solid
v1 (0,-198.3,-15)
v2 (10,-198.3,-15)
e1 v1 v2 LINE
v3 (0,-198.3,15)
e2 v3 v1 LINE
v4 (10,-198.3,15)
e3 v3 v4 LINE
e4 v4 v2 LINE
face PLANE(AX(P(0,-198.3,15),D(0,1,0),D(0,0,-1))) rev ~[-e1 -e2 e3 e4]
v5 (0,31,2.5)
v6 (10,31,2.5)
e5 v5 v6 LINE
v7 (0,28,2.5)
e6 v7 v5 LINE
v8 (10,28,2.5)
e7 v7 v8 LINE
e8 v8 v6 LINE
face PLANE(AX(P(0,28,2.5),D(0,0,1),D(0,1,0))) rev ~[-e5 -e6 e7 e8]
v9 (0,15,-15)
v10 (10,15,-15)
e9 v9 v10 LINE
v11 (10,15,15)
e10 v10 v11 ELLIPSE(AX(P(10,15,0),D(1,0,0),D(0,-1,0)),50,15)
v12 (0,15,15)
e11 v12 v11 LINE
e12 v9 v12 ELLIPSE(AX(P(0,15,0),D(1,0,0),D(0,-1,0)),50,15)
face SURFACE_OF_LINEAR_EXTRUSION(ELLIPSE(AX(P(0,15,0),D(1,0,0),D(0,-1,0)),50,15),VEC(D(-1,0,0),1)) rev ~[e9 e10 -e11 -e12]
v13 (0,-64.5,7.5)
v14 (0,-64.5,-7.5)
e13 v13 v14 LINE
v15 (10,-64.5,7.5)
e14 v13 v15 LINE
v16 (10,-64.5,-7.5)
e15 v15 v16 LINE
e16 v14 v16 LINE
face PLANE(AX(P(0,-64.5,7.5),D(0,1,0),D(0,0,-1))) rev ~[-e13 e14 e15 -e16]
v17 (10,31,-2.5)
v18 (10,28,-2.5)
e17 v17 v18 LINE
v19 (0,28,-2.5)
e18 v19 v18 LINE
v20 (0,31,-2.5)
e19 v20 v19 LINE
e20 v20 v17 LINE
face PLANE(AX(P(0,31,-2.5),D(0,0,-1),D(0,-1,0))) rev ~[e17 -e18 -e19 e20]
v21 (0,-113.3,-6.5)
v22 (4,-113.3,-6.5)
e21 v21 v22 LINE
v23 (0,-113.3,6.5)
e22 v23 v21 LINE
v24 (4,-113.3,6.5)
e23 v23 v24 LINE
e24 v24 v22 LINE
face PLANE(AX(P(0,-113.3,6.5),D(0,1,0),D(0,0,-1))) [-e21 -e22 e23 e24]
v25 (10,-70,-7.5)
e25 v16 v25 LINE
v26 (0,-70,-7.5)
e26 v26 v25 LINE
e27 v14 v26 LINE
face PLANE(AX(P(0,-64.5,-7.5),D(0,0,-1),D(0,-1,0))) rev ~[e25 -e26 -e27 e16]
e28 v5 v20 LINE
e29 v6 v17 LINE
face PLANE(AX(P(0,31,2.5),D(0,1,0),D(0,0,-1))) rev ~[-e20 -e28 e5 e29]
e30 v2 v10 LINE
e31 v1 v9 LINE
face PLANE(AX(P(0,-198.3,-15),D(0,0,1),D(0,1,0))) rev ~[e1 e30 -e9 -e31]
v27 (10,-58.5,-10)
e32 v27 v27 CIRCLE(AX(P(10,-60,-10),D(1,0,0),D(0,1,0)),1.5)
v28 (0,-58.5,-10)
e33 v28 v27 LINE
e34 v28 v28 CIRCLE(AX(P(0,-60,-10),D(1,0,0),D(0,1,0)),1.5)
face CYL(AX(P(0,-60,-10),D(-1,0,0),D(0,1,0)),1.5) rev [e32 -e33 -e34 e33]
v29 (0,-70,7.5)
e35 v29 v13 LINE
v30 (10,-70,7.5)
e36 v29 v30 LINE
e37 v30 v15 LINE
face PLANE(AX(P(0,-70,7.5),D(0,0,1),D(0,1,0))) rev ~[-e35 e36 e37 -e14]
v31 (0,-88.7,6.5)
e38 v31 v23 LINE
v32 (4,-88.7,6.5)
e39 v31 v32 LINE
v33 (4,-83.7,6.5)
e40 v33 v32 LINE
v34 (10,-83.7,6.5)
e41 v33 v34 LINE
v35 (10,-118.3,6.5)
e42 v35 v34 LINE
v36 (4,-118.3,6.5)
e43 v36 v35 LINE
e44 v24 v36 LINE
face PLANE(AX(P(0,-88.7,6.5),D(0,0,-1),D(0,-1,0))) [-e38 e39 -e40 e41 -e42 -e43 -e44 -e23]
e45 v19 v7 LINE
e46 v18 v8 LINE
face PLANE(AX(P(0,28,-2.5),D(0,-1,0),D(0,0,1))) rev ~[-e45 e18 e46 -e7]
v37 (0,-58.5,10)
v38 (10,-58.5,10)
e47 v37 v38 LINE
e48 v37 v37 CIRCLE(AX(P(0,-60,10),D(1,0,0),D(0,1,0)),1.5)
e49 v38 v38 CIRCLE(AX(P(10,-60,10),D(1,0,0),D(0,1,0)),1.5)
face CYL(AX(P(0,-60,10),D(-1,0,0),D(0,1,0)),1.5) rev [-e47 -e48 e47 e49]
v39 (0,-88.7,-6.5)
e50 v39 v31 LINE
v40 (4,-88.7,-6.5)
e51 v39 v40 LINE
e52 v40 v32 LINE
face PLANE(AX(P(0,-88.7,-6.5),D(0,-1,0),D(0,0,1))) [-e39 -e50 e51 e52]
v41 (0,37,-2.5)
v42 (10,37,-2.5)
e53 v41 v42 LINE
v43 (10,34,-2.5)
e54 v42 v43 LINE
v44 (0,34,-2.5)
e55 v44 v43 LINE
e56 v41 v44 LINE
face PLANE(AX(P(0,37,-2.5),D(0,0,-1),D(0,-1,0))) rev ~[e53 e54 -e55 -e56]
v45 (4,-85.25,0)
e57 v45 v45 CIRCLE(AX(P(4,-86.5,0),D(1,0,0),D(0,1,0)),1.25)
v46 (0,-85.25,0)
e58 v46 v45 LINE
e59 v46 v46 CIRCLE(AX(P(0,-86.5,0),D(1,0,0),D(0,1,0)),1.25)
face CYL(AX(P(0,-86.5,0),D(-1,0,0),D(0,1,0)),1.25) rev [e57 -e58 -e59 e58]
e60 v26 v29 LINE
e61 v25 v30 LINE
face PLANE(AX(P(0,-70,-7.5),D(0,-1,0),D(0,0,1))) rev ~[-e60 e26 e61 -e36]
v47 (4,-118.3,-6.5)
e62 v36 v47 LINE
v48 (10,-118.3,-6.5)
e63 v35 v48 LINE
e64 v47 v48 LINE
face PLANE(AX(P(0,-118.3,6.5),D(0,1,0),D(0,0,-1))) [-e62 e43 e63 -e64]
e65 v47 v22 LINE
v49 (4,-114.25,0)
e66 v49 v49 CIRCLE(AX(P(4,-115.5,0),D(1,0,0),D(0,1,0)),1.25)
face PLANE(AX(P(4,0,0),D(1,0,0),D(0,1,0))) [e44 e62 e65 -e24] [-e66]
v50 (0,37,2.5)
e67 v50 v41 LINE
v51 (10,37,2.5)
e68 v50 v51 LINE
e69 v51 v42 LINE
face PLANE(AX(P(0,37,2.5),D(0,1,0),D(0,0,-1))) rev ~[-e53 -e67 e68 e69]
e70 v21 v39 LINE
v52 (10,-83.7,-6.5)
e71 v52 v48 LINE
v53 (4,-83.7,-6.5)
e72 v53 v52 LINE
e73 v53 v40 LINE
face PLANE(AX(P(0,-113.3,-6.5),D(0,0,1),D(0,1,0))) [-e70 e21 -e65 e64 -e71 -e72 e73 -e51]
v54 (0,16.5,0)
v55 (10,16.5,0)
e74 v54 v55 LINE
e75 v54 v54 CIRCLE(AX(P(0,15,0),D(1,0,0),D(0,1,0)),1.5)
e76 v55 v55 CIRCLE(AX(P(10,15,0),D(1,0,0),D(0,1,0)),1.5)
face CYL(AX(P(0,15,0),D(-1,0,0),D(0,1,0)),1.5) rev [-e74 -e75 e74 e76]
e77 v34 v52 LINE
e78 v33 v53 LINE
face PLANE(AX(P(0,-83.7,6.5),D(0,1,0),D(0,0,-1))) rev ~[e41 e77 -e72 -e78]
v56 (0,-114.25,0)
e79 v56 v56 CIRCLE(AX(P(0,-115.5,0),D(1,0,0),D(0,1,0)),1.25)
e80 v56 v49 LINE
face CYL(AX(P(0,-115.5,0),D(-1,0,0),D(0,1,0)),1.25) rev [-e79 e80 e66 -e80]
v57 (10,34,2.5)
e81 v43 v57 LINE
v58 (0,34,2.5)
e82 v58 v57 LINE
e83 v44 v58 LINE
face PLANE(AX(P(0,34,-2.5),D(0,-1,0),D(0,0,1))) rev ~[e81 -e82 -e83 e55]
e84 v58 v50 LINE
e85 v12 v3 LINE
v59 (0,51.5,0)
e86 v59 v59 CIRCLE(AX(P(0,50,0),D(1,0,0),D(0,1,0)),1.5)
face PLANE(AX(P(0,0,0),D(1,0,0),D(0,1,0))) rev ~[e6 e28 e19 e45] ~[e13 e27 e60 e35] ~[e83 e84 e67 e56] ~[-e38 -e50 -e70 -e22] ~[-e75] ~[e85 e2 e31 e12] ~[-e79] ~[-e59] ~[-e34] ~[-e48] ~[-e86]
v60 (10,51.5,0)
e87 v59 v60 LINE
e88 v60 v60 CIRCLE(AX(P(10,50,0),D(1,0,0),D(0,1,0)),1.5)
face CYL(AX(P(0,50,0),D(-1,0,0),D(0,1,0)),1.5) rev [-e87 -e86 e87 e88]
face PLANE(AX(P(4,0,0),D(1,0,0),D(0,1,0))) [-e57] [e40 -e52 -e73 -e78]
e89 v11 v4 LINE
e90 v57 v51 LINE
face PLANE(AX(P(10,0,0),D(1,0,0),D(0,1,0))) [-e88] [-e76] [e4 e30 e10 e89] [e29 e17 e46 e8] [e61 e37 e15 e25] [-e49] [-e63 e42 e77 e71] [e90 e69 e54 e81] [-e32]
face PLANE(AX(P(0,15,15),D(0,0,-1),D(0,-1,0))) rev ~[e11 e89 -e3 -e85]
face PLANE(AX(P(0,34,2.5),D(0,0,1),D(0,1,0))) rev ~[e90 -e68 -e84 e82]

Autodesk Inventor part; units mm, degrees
ref_plane "YZ Plane" through (0, 0, 0) normal (1, 0, 0) x (0, 1, 0)
ref_plane "XZ Plane" through (0, 0, 0) normal (0, 1, 0) x (-1, 0, 0)
ref_plane "XY Plane" through (0, 0, 0) normal (0, 0, 1) x (1, 0, 0)
sketch "Szkic1" plane through (0, 0, 0) normal (1, 0, 0) x (0, 1, 0)
  line L0 (0, 0) -> (15, 0) construction
  line L1 (15, 0) -> (50, 0) construction
  line L2 (50, 0) -> (65, 0) construction
  line L3 (0, 0) -> (-50, 0) construction
  line L4 (-50, 0) -> (-60, 0) construction
  line L5 (-60, 10) -> (-60, -10) construction
  circle A0 centre (50, 0) radius 1.5
  circle A1 centre (15, 0) radius 1.5
  circle A2 centre (-60, -10) radius 1.5
  circle A3 centre (-60, 10) radius 1.5
  line L6 (-60, 0) -> (-64.5, 0) construction
  line L7 (-64.5, 0) -> (-70, 0) construction
  line L8 (-70, 0) -> (-95, 0) construction
  line L9 (-64.5, 7.5) -> (-64.5, -7.5)
  line L10 (-64.5, -7.5) -> (-70, -7.5)
  line L11 (-70, -7.5) -> (-70, 7.5)
  line L12 (-70, 7.5) -> (-64.5, 7.5)
  circle A4 centre (-95, 0) radius 2.5 construction
  line L13 (-95, 0) -> (-89, 0) construction
  line L14 (-89, 0) -> (-86.5, 0) construction
  line L15 (-86.5, 0) -> (-84, 0) construction
  circle A5 centre (-86.5, 0) radius 1.25
  line L16 (-95, 0) -> (-113, 0) construction
  line L17 (-113, 0) -> (-115.5, 0) construction
  line L18 (-115.5, 0) -> (-118, 0) construction
  circle A6 centre (-115.5, 0) radius 1.25
  line L19 (-89, 0) -> (-88.7, 0) construction
  line L20 (-113, 0) -> (-113.3, 0) construction
  line L21 (-113.3, 6.5) -> (-113.3, -6.5)
  line L22 (-113.3, -6.5) -> (-88.7, -6.5)
  line L23 (-88.7, -6.5) -> (-88.7, 6.5)
  line L24 (-88.7, 6.5) -> (-113.3, 6.5)
  line L25 (-84, 0) -> (-83.7, 0) construction
  line L26 (-83.7, 6.5) -> (-83.7, -6.5)
  line L27 (-83.7, -6.5) -> (-88.7, -6.5)
  line L28 (-83.7, 6.5) -> (-88.7, 6.5)
  line L29 (-118, 0) -> (-118.3, 0) construction
  line L30 (-118.3, 6.5) -> (-118.3, -6.5)
  line L31 (-118.3, -6.5) -> (-113.3, -6.5)
  line L32 (-113.3, 6.5) -> (-118.3, 6.5)
  line L33 (-118.3, 0) -> (-198.3, 0) construction
  line L34 (15, 15) -> (15, -15) construction
  line L35 (50, 0) -> (37, 0) construction
  line L36 (37, 2.5) -> (37, -2.5)
  line L37 (37, -2.5) -> (34, -2.5)
  line L38 (34, -2.5) -> (34, 2.5)
  line L39 (34, 2.5) -> (37, 2.5)
  line L40 (34, 0) -> (31, 0) construction
  line L41 (31, 2.5) -> (31, -2.5)
  line L42 (31, -2.5) -> (28, -2.5)
  line L43 (28, -2.5) -> (28, 2.5)
  line L44 (28, 2.5) -> (31, 2.5)
  line L45 (-198.3, 15) -> (-198.3, -15)
  line L46 (-198.3, -15) -> (15, -15)
  line L47 (15, 15) -> (-198.3, 15)
  ellipse E0 centre (15, 0) end of major axis (15, 15) minor radius 50 (15, -15) -> (15, 15) ccw
  dimension "d0" = 15
  dimension "d1" = 35
  dimension "d2" = 15
  dimension "d3" = 50
  dimension "d4" = 10
  dimension "d5" = 20
  dimension "d6" = 3
  dimension "d7" = 3
  dimension "d8" = 3
  dimension "d9" = 3
  dimension "d10" = 4.5
  dimension "d11" = 5.5
  dimension "d12" = 25
  dimension "d13" = 15
  dimension "d14" = 5.5
  dimension "d15" = 5
  dimension "d16" = 6
  dimension "d17" = 2.5
  dimension "d18" = 2.5
  dimension "d19" = 2.5
  dimension "d20" = 18
  dimension "d21" = 2.5
  dimension "d22" = 2.5
  dimension "d23" = 2.5
  dimension "d24" = 0.3
  dimension "d25" = 0.3
  dimension "d26" = 13
  dimension "d27" = 24.6
  dimension "d28" = 0.3
  dimension "d29" = 0.3
  dimension "d30" = 80
  dimension "d31" = 30
  dimension "d32" = 13
  dimension "d33" = 5
  dimension "d34" = 3
  dimension "d35" = 3
  dimension "d36" = 5
  dimension "d37" = 3
  dimension "d38" = 30
  dimension "d39" = 213.3
extrude "Wyciągnięcie proste1" add sketch "Szkic1" along normal blind 10 contours L47 E0 L46 L45
extrude "Wyciągnięcie proste2" add sketch "Szkic1" along normal blind 4 contours L21 L31 L30 L32 | L28 L26 L27 L23
properties part number "008-002"
